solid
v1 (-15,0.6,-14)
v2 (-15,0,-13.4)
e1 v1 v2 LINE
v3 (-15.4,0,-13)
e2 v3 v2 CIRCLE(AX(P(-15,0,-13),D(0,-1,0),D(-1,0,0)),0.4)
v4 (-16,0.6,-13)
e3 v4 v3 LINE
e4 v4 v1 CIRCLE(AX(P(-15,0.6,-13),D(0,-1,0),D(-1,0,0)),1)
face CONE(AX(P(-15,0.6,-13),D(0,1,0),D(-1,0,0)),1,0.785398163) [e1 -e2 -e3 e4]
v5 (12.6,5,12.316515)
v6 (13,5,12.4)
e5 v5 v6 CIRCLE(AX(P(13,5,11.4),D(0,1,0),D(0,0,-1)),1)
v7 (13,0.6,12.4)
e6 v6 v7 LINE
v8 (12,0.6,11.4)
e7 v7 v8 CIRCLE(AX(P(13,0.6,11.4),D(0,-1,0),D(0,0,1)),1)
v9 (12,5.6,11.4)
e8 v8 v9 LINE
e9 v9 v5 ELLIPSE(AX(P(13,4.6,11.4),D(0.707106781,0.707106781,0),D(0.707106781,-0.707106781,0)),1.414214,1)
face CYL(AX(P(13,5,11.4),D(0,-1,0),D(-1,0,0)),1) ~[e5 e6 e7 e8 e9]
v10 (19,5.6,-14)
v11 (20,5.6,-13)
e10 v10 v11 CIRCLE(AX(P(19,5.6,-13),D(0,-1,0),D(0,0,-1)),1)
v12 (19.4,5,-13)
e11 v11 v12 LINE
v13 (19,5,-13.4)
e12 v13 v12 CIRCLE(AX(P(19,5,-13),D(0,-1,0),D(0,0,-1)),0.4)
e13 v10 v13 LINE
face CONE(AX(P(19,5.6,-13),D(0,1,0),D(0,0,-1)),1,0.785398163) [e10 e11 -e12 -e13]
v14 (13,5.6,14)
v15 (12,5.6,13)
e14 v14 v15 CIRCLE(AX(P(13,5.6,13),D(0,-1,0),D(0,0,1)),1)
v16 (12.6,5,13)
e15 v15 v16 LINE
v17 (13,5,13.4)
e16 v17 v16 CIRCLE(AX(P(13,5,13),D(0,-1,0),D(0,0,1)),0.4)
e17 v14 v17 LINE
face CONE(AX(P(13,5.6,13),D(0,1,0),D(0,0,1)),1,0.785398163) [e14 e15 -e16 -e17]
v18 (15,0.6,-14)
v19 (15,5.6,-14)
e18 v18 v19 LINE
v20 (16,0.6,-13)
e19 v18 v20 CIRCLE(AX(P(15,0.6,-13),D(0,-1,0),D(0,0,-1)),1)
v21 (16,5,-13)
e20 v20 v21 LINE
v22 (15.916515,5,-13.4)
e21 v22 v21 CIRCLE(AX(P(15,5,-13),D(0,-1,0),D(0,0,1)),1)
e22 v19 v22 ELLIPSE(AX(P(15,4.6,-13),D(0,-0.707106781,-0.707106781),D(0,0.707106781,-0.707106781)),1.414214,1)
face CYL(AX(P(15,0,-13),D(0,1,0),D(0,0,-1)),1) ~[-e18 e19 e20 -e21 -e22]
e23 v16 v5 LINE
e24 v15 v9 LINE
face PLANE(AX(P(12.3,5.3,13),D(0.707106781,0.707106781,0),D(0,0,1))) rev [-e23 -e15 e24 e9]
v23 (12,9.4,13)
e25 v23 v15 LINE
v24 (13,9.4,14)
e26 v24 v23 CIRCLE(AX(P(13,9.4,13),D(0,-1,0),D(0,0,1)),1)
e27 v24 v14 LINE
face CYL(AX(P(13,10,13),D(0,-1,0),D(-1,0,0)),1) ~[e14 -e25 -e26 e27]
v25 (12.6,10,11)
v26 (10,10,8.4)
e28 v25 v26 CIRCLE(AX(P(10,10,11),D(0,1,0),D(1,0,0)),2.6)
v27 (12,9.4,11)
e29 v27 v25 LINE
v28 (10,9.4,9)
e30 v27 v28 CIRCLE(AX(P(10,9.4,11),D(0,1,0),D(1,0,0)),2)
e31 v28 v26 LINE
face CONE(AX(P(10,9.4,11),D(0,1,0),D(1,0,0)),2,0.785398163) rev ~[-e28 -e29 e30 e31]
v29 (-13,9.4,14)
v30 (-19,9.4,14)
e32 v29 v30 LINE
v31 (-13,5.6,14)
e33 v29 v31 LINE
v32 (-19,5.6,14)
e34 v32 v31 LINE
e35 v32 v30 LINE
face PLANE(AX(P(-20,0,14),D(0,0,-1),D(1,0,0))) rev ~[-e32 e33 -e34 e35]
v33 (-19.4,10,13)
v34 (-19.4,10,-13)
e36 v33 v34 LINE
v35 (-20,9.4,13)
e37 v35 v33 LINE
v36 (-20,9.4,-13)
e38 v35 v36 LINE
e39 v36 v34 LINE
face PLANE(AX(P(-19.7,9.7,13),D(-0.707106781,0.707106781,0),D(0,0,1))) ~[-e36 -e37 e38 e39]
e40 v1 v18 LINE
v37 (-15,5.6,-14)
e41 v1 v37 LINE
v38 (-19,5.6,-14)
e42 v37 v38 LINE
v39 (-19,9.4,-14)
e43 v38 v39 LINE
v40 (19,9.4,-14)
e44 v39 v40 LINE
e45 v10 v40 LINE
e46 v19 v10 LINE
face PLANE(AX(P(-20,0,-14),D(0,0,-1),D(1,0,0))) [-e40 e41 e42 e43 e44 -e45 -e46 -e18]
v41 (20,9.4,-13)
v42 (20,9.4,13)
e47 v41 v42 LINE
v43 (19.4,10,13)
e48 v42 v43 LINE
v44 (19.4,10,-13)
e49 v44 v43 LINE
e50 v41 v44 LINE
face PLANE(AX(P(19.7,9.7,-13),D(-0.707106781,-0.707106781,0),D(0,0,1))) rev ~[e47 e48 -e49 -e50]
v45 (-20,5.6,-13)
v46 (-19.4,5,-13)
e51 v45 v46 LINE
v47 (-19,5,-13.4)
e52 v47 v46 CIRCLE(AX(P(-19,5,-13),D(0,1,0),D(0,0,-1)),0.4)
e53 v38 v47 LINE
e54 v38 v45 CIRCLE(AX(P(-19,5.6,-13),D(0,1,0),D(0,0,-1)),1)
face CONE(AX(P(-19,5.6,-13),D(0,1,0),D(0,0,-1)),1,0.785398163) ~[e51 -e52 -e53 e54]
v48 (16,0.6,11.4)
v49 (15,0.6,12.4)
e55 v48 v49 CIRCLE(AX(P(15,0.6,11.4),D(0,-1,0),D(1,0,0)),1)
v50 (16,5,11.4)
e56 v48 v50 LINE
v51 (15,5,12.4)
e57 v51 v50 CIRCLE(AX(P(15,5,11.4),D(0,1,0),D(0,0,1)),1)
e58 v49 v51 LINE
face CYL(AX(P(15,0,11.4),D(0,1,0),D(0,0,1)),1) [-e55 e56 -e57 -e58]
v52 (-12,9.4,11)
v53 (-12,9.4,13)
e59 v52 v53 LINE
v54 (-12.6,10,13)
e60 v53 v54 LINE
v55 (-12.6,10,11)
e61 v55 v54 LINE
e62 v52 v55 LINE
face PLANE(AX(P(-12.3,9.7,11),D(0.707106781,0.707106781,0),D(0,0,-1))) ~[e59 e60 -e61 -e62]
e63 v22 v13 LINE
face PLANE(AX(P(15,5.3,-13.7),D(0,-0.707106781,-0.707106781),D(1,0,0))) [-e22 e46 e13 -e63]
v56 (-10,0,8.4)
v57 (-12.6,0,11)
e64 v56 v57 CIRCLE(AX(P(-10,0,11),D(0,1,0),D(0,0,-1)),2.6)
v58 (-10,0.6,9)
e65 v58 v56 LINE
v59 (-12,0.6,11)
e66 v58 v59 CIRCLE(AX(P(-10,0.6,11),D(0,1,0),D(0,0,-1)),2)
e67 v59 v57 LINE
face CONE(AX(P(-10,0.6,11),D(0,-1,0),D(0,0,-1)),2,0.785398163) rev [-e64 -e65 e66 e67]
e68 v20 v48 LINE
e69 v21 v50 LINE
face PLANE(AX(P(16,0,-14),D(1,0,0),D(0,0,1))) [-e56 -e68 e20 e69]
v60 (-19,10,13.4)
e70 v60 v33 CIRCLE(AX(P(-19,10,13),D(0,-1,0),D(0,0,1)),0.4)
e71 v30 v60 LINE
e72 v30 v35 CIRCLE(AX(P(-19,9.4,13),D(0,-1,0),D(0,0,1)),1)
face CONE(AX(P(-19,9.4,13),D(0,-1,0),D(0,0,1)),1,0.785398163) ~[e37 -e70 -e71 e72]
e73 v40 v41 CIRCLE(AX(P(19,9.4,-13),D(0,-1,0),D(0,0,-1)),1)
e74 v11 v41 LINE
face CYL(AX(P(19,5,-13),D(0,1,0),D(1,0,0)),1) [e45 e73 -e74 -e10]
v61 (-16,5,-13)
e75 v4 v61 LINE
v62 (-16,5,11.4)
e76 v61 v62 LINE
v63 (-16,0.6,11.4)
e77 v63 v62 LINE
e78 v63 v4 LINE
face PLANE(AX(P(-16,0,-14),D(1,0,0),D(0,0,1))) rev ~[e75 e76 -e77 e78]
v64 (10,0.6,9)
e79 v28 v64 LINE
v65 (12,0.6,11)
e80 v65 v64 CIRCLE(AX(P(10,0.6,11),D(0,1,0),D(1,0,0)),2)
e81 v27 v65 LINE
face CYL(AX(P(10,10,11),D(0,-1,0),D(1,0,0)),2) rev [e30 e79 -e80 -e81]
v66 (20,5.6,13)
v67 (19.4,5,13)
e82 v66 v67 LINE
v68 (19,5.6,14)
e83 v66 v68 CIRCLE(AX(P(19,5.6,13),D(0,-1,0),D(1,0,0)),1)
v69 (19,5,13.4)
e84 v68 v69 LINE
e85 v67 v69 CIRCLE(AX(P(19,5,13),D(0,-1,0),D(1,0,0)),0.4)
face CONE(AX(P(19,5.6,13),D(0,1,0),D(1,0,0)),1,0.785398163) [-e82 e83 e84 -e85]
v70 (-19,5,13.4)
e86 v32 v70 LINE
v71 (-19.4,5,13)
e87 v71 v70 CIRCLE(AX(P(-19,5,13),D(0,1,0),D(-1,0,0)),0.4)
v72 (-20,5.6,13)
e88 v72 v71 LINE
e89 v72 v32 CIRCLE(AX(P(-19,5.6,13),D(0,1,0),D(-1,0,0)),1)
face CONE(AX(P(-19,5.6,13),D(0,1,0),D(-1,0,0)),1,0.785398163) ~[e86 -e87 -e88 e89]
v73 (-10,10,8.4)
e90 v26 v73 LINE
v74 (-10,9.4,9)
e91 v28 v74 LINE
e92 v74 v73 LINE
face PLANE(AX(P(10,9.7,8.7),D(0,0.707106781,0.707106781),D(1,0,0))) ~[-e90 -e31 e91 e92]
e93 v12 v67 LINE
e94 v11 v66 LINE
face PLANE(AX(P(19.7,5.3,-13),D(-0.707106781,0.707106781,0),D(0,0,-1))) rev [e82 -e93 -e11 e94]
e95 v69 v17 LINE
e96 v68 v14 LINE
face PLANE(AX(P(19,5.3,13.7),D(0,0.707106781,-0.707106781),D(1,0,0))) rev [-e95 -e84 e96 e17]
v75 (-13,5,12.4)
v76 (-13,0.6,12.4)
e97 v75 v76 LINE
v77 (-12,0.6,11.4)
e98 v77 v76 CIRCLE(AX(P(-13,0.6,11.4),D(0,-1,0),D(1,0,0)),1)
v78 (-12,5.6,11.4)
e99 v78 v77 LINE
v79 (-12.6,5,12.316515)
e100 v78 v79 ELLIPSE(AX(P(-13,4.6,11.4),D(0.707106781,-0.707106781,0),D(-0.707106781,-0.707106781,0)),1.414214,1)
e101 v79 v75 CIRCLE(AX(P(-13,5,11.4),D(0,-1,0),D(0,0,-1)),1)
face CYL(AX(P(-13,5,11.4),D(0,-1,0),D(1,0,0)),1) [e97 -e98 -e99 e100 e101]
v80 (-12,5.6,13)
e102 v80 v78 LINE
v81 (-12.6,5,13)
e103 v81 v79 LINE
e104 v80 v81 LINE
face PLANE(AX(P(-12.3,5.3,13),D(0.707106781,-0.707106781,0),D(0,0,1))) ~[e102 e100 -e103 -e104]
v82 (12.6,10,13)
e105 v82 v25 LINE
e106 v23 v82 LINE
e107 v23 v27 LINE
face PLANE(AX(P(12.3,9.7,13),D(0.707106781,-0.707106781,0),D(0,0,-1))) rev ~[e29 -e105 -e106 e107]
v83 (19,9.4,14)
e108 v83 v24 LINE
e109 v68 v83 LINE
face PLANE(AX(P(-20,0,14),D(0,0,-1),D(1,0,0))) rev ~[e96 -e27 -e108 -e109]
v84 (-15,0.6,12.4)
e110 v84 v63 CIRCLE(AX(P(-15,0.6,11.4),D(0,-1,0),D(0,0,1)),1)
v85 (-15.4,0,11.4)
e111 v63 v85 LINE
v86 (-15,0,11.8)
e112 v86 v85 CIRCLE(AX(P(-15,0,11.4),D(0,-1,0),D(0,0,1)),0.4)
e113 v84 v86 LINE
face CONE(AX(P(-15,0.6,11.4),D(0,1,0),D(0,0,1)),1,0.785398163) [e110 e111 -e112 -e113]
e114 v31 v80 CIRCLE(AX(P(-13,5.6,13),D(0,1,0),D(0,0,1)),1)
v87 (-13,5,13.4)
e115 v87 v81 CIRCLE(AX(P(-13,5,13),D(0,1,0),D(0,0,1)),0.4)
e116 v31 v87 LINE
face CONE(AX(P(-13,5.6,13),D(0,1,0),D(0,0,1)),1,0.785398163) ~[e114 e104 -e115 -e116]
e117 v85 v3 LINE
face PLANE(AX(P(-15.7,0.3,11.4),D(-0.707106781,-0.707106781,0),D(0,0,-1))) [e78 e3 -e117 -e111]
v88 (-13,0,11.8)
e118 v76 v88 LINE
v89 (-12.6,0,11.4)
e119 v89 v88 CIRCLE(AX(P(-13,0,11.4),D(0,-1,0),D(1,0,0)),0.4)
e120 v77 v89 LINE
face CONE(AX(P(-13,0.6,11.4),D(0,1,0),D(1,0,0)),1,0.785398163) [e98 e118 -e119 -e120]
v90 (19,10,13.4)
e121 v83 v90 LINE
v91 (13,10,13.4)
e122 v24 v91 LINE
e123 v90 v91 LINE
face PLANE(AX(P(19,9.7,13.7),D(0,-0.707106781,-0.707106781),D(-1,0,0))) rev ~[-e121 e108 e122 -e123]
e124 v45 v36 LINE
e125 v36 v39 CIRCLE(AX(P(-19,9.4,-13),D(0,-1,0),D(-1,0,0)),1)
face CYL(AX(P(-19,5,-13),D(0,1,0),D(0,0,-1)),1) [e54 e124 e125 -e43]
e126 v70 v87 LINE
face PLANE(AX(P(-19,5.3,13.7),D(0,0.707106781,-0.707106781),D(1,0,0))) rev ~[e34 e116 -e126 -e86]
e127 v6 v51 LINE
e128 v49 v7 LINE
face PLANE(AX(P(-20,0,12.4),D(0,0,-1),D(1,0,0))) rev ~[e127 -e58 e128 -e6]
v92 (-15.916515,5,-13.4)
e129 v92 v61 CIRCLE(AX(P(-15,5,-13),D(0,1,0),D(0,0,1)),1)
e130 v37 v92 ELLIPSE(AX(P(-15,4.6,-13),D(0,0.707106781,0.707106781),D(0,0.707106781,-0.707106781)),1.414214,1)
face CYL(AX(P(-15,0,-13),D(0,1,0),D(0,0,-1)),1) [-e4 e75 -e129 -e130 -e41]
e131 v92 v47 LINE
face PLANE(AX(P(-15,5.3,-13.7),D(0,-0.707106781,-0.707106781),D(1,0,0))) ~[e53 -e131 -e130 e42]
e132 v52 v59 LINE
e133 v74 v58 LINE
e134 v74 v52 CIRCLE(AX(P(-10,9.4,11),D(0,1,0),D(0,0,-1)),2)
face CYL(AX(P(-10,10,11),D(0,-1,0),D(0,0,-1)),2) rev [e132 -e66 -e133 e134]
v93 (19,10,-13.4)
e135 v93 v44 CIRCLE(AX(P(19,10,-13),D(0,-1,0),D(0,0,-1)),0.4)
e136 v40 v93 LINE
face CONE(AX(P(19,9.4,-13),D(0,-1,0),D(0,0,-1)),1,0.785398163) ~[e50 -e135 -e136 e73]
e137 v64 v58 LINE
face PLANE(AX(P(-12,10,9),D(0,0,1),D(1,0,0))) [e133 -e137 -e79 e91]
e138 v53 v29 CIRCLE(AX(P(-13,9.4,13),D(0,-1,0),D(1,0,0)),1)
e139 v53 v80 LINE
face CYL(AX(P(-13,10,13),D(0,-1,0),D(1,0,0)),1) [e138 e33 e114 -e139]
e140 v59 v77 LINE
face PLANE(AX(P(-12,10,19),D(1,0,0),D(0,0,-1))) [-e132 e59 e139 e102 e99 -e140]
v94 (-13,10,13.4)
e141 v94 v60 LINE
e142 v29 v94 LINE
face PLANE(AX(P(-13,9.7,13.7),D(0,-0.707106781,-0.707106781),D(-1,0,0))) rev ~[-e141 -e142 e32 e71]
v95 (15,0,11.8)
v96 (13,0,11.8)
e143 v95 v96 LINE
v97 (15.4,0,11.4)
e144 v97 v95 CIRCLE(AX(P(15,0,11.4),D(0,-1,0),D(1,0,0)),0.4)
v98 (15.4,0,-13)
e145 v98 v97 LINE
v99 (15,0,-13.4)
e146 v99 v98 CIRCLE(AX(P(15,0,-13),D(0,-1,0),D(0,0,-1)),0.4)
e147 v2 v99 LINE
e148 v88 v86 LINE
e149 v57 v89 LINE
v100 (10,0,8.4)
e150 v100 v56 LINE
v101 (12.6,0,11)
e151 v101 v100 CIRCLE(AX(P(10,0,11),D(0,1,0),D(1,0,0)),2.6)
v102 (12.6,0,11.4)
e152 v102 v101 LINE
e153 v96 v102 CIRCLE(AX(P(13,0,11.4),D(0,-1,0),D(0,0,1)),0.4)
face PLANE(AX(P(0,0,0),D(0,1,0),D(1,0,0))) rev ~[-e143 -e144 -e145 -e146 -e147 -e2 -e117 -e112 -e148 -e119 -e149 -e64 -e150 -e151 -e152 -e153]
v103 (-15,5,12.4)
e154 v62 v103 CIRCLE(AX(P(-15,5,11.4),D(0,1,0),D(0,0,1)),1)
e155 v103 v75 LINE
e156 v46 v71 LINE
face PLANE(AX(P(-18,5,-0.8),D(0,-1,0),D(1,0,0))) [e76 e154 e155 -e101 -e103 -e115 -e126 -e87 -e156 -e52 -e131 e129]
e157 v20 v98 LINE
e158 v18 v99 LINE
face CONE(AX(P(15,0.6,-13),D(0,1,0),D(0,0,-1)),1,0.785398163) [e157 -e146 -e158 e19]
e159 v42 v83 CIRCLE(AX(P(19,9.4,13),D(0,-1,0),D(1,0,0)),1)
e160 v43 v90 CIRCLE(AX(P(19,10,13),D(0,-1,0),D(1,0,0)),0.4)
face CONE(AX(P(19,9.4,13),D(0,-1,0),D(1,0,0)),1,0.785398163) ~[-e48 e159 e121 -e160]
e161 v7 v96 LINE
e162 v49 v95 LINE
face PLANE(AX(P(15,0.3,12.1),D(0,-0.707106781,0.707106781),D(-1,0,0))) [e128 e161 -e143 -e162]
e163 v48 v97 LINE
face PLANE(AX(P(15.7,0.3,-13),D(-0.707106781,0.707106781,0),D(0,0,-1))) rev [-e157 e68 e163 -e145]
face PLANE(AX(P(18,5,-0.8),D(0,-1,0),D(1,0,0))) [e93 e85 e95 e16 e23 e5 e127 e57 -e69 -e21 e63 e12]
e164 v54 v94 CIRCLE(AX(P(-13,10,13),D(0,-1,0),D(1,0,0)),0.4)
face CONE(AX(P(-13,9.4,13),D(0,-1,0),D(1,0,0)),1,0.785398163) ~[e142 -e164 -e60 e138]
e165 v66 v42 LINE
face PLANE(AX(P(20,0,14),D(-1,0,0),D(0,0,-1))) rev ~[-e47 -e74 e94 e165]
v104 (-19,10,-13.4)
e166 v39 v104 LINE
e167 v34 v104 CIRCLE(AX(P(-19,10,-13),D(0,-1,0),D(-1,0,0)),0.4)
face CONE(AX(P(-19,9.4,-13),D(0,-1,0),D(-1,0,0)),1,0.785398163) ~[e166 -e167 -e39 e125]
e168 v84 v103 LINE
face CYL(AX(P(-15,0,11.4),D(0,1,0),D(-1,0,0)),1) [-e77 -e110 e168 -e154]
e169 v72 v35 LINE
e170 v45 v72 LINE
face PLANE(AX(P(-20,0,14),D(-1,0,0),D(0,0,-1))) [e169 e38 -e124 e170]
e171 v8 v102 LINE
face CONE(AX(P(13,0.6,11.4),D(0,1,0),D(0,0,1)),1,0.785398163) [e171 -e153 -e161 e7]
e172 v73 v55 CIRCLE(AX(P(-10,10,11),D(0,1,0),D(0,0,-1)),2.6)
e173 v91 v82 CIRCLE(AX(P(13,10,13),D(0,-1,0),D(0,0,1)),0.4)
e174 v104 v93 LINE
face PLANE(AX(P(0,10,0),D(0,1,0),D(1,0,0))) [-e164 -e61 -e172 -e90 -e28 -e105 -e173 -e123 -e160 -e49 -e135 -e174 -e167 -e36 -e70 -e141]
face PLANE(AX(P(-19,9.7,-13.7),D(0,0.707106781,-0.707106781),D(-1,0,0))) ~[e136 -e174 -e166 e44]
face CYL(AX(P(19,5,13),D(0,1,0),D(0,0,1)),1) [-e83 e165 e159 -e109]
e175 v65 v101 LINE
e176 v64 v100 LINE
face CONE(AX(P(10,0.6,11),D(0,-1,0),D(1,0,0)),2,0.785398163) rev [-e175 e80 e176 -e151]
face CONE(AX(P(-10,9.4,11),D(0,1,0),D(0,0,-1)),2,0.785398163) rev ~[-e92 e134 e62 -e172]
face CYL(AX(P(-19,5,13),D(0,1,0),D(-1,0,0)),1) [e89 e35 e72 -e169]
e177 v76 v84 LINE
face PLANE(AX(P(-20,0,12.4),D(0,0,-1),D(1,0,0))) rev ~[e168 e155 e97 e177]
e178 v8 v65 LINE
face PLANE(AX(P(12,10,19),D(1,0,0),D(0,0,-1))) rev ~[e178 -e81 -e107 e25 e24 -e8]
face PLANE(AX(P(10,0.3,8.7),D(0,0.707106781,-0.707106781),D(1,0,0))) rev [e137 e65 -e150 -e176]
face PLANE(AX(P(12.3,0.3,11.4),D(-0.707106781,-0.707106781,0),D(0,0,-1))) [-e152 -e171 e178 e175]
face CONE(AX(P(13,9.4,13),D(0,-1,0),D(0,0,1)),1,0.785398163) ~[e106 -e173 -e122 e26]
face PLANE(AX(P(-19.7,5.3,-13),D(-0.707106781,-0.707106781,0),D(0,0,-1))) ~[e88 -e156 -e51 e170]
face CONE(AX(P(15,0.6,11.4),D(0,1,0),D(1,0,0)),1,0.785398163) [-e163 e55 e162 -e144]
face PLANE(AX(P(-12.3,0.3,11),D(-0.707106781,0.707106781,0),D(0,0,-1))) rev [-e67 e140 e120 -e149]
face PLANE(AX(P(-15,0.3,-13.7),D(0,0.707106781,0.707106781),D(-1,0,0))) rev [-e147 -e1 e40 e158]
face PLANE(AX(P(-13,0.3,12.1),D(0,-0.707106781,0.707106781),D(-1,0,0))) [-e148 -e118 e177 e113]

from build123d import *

# Parameters (mm, degrees)
SKETCH1_W           = 40
SKETCH1_H           = 28
BOSS_EXTRUDE1_DEPTH = 10
SKETCH2_W           = 40
SKETCH2_H           = 1.6
CUT_EXTRUDE1_DEPTH  = 5
SKETCH3_W           = 24
SKETCH3_H           = 10
CUT_EXTRUDE2_DEPTH  = 27.381811917
SKETCH4_W           = 4
SKETCH4_H           = 26.4
CUT_EXTRUDE3_DEPTH  = 5
FILLET1_R           = 2
FILLET2_R           = 1
CHAMFER2_SIZE       = 0.6


with BuildPart() as part:
    # Sketch1 → Boss-Extrude1 (new body)
    with BuildSketch(Plane(origin=(0, 0, 0), x_dir=(1, 0, 0), z_dir=(0, 1, 0))):
        Rectangle(SKETCH1_W, SKETCH1_H)
    extrude(amount=BOSS_EXTRUDE1_DEPTH)

    # Sketch2 → Cut-Extrude1 (cut)
    with BuildSketch(Plane.XZ):
        with Locations((0, 13.2)):
            Rectangle(SKETCH2_W, SKETCH2_H)
    extrude(amount=-CUT_EXTRUDE1_DEPTH, mode=Mode.SUBTRACT)

    # Sketch3 → Cut-Extrude2 (cut, through all)
    with BuildSketch(Plane(origin=(0, 10, 0), x_dir=(1, 0, 0), z_dir=(0, 1, 0))):
        with Locations((0, -14)):
            Rectangle(SKETCH3_W, SKETCH3_H)
    extrude(amount=-CUT_EXTRUDE2_DEPTH, mode=Mode.SUBTRACT)

    # Sketch4 → Cut-Extrude3 (cut)
    with BuildSketch(Plane.XZ):
        with Locations((-18, -0.8)):
            Rectangle(SKETCH4_W, SKETCH4_H)
        with Locations((18, -0.8)):
            Rectangle(SKETCH4_W, SKETCH4_H)
    extrude(amount=-CUT_EXTRUDE3_DEPTH, mode=Mode.SUBTRACT)

    # Fillet1
    fillet1_edges = [part.edges().sort_by_distance(p)[0] for p in [
        (12, 5, 9),
        (-12, 5, 9),
    ]]
    fillet(fillet1_edges, radius=FILLET1_R)

    # Fillet2
    fillet2_edges = [part.edges().sort_by_distance(p)[0] for p in [
        (12, 7.5, 14),
        (12, 2.5, 12.4),
        (-12, 7.5, 14),
        (-12, 2.5, 12.4),
        (-16, 2.5, 12.4),
        (-16, 2.5, -14),
        (16, 2.5, -14),
        (16, 2.5, 12.4),
        (20, 7.5, 14),
        (-20, 7.5, 14),
        (-20, 7.5, -14),
        (20, 7.5, -14),
    ]]
    fillet(fillet2_edges, radius=FILLET2_R)

    # Chamfer2
    chamfer2_edges = [part.edges().sort_by_distance(p)[0] for p in [
        (0, 0, -14),
        (0, 10, -14),
        (17, 5, -14),
        (-12, 10, 12),
        (12, 10, 12),
        (16, 10, 14),
        (20, 10, 0),
        (-16, 10, 14),
        (-12.292893219, 10, 13.707106781),
        (-19.707106781, 10, 13.707106781),
        (12.292893219, 10, 13.707106781),
        (19.707106781, 10, 13.707106781),
        (19.707106781, 10, -13.707106781),
        (-19.707106781, 10, -13.707106781),
        (-16, 0, -0.8),
        (16, 0, -0.8),
        (14, 0, 12.4),
        (12, 0, 11.2),
        (-12, 0, 11.2),
        (-14, 0, 12.4),
        (-12.292893219, 0, 12.107106781),
        (-15.707106781, 0, 12.107106781),
        (12.292893219, 0, 12.107106781),
        (15.707106781, 0, 12.107106781),
        (15.707106781, 0, -13.707106781),
        (-15.707106781, 0, -13.707106781),
        (20, 5, 0),
        (16, 5, 14),
        (12.292893219, 5, 13.707106781),
        (19.707106781, 5, 13.707106781),
        (19.707106781, 5, -13.707106781),
        (12, 5, 12.2),
        (-12, 5, 12.2),
        (-17, 5, -14),
        (0, 10, 9),
        (0, 0, 9),
        (11.414213562, 10, 9.585786438),
        (11.414213562, 0, 9.585786438),
        (-11.414213562, 10, 9.585786438),
        (-11.414213562, 0, 9.585786438),
        (-20, 5, 0),
        (-20, 10, 0),
        (-16, 5, 14),
        (-12.292893219, 5, 13.707106781),
        (-19.707106781, 5, 13.707106781),
        (-19.707106781, 5, -13.707106781),
    ]]
    chamfer(chamfer2_edges, length=CHAMFER2_SIZE)


solid = part.part
